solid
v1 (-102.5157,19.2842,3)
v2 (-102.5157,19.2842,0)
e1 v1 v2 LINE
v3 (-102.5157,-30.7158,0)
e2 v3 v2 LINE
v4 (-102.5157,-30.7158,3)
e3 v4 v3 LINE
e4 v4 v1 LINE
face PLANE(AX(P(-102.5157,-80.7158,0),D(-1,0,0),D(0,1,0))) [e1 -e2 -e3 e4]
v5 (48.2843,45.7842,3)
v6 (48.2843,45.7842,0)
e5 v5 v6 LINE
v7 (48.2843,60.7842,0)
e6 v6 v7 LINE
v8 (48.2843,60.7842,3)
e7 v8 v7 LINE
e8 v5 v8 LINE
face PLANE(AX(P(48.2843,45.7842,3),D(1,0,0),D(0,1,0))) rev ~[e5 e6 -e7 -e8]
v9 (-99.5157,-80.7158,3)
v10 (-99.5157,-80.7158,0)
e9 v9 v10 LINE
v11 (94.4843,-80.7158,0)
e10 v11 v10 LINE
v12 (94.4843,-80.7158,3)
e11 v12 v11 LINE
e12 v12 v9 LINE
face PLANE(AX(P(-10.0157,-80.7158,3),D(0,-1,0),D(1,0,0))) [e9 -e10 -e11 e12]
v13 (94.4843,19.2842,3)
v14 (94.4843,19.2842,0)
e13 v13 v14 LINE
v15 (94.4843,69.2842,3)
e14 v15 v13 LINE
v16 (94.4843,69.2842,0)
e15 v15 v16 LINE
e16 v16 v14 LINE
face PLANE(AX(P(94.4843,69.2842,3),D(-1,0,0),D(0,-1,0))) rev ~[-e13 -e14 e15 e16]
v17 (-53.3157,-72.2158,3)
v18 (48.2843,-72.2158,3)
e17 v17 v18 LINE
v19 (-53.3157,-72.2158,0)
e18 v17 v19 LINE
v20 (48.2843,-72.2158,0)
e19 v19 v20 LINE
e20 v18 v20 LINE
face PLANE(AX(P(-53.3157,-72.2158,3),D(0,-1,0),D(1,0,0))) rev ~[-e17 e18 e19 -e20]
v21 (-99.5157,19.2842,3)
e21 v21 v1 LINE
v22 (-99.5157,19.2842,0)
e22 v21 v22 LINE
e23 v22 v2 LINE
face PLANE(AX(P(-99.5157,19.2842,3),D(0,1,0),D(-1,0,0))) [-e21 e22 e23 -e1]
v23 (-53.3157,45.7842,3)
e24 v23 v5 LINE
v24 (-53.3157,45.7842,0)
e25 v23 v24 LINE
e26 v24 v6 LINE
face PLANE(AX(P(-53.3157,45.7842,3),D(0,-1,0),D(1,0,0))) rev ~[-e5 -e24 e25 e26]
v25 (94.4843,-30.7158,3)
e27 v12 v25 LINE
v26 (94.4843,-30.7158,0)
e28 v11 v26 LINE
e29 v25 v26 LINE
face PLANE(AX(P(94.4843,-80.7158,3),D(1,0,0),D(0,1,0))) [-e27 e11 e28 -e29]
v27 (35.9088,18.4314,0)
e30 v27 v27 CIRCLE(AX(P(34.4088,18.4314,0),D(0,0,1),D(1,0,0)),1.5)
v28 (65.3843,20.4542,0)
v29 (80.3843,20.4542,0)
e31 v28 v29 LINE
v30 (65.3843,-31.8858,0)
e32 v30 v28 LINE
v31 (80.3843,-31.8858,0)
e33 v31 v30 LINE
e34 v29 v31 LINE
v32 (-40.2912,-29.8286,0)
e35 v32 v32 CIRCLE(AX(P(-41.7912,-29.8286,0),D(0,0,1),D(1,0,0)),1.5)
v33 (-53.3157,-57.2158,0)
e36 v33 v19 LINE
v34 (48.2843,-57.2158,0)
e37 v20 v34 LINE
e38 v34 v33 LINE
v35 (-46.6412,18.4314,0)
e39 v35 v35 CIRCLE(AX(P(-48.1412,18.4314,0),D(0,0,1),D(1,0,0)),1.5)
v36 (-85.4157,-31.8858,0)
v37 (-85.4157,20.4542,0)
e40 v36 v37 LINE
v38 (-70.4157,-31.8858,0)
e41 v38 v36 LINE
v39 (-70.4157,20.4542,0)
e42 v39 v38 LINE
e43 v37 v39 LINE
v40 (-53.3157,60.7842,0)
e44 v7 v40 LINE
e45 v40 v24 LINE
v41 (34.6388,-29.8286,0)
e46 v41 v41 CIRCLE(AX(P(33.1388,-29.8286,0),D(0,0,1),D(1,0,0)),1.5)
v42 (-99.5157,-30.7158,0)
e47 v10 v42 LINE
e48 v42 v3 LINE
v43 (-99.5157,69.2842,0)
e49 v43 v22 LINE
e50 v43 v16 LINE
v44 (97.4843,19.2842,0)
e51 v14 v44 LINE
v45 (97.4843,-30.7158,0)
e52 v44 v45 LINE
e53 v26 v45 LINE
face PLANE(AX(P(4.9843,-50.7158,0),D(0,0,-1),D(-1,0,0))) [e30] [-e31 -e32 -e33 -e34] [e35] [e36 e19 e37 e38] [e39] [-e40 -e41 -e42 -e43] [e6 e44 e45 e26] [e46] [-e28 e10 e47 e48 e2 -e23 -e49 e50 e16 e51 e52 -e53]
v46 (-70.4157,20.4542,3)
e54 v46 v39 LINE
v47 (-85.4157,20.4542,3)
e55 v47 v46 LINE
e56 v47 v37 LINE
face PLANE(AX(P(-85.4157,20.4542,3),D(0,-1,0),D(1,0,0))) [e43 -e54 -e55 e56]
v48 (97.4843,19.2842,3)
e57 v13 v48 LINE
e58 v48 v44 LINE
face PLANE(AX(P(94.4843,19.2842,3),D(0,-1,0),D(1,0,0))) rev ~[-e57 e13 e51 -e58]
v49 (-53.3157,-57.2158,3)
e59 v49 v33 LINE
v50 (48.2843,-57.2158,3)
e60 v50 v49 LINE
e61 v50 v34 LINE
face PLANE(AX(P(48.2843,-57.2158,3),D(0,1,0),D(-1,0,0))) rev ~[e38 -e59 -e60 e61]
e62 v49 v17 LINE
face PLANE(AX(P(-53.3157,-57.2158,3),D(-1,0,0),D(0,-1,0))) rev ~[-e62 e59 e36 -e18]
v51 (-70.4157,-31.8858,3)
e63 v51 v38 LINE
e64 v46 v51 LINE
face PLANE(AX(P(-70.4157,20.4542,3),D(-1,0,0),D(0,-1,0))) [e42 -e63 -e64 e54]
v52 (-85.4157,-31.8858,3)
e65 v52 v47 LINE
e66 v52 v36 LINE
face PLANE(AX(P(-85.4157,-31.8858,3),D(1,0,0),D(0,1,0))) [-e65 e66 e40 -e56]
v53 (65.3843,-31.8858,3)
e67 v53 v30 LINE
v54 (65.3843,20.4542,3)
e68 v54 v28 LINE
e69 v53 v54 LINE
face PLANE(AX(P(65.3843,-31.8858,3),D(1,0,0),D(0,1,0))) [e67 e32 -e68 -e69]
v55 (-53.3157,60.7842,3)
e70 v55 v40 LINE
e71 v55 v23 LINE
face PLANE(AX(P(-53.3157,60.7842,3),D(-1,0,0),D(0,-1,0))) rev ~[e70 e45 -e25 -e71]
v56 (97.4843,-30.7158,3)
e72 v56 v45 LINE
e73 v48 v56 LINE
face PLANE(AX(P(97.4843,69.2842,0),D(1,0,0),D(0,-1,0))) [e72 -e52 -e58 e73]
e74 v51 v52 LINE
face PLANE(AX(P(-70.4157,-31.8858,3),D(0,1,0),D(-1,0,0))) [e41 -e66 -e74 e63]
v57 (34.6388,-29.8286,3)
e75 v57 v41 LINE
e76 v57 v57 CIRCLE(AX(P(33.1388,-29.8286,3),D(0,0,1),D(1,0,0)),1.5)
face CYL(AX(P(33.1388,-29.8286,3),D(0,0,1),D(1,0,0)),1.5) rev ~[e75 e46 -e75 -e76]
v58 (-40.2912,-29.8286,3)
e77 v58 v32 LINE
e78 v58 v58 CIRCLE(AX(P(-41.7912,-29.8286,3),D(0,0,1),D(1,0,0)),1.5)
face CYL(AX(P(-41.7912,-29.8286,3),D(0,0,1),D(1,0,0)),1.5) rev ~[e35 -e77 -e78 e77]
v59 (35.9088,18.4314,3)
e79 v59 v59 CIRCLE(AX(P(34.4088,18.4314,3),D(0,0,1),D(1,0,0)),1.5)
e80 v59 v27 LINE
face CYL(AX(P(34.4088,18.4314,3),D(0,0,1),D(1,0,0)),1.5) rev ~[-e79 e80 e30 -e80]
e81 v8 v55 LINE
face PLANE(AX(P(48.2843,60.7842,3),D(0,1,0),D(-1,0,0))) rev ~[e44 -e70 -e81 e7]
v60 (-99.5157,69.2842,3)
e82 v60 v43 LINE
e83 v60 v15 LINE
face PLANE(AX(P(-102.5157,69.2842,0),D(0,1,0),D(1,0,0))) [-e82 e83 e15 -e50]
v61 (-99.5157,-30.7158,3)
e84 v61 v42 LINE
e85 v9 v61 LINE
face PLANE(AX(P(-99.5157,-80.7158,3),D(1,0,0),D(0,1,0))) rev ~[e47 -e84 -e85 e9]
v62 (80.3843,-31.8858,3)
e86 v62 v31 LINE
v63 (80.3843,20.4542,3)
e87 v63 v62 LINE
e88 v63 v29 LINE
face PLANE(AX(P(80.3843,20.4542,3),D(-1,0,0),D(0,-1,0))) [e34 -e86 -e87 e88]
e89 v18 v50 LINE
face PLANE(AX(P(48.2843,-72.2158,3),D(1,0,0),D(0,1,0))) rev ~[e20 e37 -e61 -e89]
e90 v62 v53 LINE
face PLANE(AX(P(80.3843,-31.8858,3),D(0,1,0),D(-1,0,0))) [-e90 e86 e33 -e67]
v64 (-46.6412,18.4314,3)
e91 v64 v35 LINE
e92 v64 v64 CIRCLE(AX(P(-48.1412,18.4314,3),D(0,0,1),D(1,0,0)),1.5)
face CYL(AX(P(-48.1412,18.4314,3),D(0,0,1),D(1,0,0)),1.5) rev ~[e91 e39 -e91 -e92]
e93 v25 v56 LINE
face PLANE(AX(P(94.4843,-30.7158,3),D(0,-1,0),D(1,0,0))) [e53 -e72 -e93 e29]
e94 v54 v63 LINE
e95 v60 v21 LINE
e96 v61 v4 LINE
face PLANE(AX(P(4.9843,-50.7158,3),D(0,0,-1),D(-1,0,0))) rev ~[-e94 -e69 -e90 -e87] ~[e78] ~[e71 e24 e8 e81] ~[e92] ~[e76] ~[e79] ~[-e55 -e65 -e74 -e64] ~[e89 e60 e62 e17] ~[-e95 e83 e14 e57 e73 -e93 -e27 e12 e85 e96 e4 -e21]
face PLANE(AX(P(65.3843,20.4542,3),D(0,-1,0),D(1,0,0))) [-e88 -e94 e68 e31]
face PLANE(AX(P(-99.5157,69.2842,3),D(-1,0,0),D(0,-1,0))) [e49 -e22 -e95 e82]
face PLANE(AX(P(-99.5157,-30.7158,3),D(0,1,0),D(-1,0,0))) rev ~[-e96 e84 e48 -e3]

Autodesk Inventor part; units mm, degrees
ref_plane "YZ Plane" through (0, 0, 0) normal (1, 0, 0) x (0, 1, 0)
ref_plane "XZ Plane" through (0, 0, 0) normal (0, 1, 0) x (-1, 0, 0)
ref_plane "XY Plane" through (0, 0, 0) normal (0, 0, 1) x (1, 0, 0)
sketch "Sketch1" plane through (0, 0, 0) normal (0, 0, 1) x (1, 0, 0)
  line L0 (-102.5157, 69.2842) -> (97.4843, 69.2842)
  line L1 (97.4843, 69.2842) -> (97.4843, -80.7158)
  line L2 (97.4843, -80.7158) -> (-102.5157, -80.7158)
  line L3 (-102.5157, -80.7158) -> (-102.5157, 69.2842)
  point P0 (0, 0)
extrude "Extrusion1" add sketch "Sketch1" along normal blind 3
sketch "Sketch3" plane through (0, 0, 3) normal (0, 0, 1) x (1, 0, 0)
  point P0 (0, 0)
sketch "Sketch4" plane through (0, 0, 3) normal (0, 0, 1) x (1, 0, 0)
  line L0 (97.4843, 69.2842) -> (-102.5157, 69.2842) projected
  line L1 (-102.5157, 69.2842) -> (-99.5157, 69.2842)
  line L2 (-99.5157, 69.2842) -> (-99.5157, 19.2842)
  line L3 (-99.5157, 19.2842) -> (-102.5157, 19.2842)
  line L4 (-102.5157, 19.2842) -> (-102.5157, 69.2842)
  point P0 (0, 0)
extrude "Extrusion2" cut sketch "Sketch4" against normal blind 3
sketch "Sketch5" plane through (0, 0, 3) normal (0, 0, 1) x (1, 0, 0)
  line L0 (97.4843, -80.7158) -> (94.4843, -80.7158)
  line L1 (94.4843, -80.7158) -> (94.4843, -30.7158)
  line L2 (94.4843, -30.7158) -> (97.4843, -30.7158)
  line L3 (97.4843, -30.7158) -> (97.4843, -80.7158)
  point P0 (0, 0)
  point P1 (-102.5157, -80.7158)
  dimension "d17" = 3
  dimension "d18" = 50
extrude "Extrusion3" cut sketch "Sketch5" against normal blind 3
sketch "Sketch6" plane through (0, 0, 3) normal (0, 0, 1) x (1, 0, 0)
  line L0 (97.4843, -30.7158) -> (97.4843, 69.2842) projected
  line L1 (97.4843, 69.2842) -> (94.4843, 69.2842)
  line L2 (94.4843, 69.2842) -> (94.4843, 19.2842)
  line L3 (94.4843, 19.2842) -> (97.4843, 19.2842)
  line L4 (97.4843, 19.2842) -> (97.4843, 69.2842)
  point P0 (0, 0)
  dimension "d21" = 50
  dimension "d22" = 3
extrude "Extrusion4" cut sketch "Sketch6" against normal blind 3
sketch "Sketch7" plane through (0, 0, 3) normal (0, 0, 1) x (1, 0, 0)
  line L0 (-102.5157, 19.2842) -> (-102.5157, -80.7158) projected
  line L1 (-102.5157, -80.7158) -> (-99.5157, -80.7158)
  line L2 (-99.5157, -80.7158) -> (-99.5157, -30.7158)
  line L3 (-99.5157, -30.7158) -> (-102.5157, -30.7158)
  line L4 (-102.5157, -30.7158) -> (-102.5157, -80.7158)
  point P0 (0, 0)
  dimension "d25" = 50
  dimension "d26" = 3
extrude "Extrusion5" cut sketch "Sketch7" against normal blind 3
sketch "Sketch8" plane through (0, 0, 3) normal (0, 0, 1) x (1, 0, 0)
  line L0 (-102.5157, -30.7158) -> (-102.5157, 19.2842) projected
  line L1 (97.4843, -30.7158) -> (94.4843, -30.7158) projected
  line L2 (94.4843, -80.7158) -> (-99.5157, -80.7158) projected
  line L3 (-10.0157, -50.7158) -> (4.9843, -50.7158)
  line L4 (4.9843, -50.7158) -> (4.9843, -80.7158)
  line L5 (4.9843, -80.7158) -> (-10.0157, -80.7158)
  line L6 (-10.0157, -80.7158) -> (-10.0157, -50.7158)
  point P0 (0, 0)
  dimension "d32" = 15
  dimension "d33" = 30
extrude "Extrusion6" cut sketch "Sketch8" against normal blind 3
sketch "Sketch9" plane through (-10.0157, -80.7158, 3) normal (1, 0, 0) x (0, 0, -1)
  point P0 (3, 80.7158)
sketch "Sketch10" plane through (-10.0157, -50.7158, 3) normal (0, -1, 0) x (1, 0, 0)
  line L0 (15, 0) -> (15, -3) projected
  line L1 (15, -3) -> (0, -3) projected
  line L2 (15, 0) -> (0, 0)
  line L3 (0, 0) -> (0, -3)
  line L4 (0, -3) -> (15, -3)
  line L5 (15, -3) -> (15, 0)
  point P0 (10.0157, -3)
extrude "Extrusion7" add sketch "Sketch10" along normal blind 30
sketch "Sketch11" plane through (0, 0, 3) normal (0, 0, 1) x (1, 0, 0)
  line L0 (94.4843, -80.7158) -> (-99.5157, -80.7158) projected
  line L1 (-99.5157, -80.7158) -> (-99.5157, -30.7158) projected
  line L2 (97.4843, 19.2842) -> (97.4843, -30.7158) projected
  line L3 (-102.5157, -30.7158) -> (-102.5157, 19.2842) projected
  line L4 (-99.5157, 69.2842) -> (94.4843, 69.2842) projected
  point P0 (0, 0)
sketch "Sketch12" plane through (0, 0, 3) normal (0, 0, 1) x (1, 0, 0)
  circle A0 centre (34.4088, 18.4314) radius 1.5
  circle A1 centre (33.1388, -29.8286) radius 1.5
  circle A2 centre (-41.7912, -29.8286) radius 1.5
  circle A3 centre (-48.1412, 18.4314) radius 1.5
  point P0 (0, 0)
extrude "Extrusion8" cut sketch "Sketch12" against normal blind 3
sketch "Sketch13" plane through (0, 0, 3) normal (0, 0, 1) x (1, 0, 0)
  line L0 (-99.5157, 69.2842) -> (94.4843, 69.2842) projected
  line L1 (-102.5157, -30.7158) -> (-102.5157, 19.2842) projected
  line L2 (94.4843, -80.7158) -> (-99.5157, -80.7158) projected
  line L3 (-85.4157, 20.4542) -> (-70.4157, 20.4542)
  line L4 (-70.4157, 20.4542) -> (-70.4157, -31.8858)
  line L5 (-70.4157, -31.8858) -> (-85.4157, -31.8858)
  line L6 (-85.4157, -31.8858) -> (-85.4157, 20.4542)
  line L7 (-53.3157, 45.7842) -> (48.2843, 45.7842)
  line L8 (48.2843, 45.7842) -> (48.2843, 60.7842)
  line L9 (48.2843, 60.7842) -> (-53.3157, 60.7842)
  line L10 (-53.3157, 60.7842) -> (-53.3157, 45.7842)
  line L11 (65.3843, 20.4542) -> (80.3843, 20.4542)
  line L12 (80.3843, 20.4542) -> (80.3843, -31.8858)
  line L13 (80.3843, -31.8858) -> (65.3843, -31.8858)
  line L14 (65.3843, -31.8858) -> (65.3843, 20.4542)
  line L15 (97.4843, -30.7158) -> (97.4843, 19.2842) projected
  line L16 (94.4843, 69.2842) -> (94.4843, 19.2842) projected
  line L17 (-99.5157, 19.2842) -> (-99.5157, 69.2842) projected
  line L18 (-53.3157, -72.2158) -> (48.2843, -72.2158)
  line L19 (48.2843, -72.2158) -> (48.2843, -57.2158)
  line L20 (48.2843, -57.2158) -> (-53.3157, -57.2158)
  line L21 (-53.3157, -57.2158) -> (-53.3157, -72.2158)
  line L22 (-99.5157, -30.7158) -> (-99.5157, -80.7158) projected
  line L23 (94.4843, -30.7158) -> (94.4843, -80.7158) projected
  point P0 (0, 0)
extrude "Extrusion9" cut sketch "Sketch13" against normal blind 3
sketch "Sketch14" plane through (0, 0, 3) normal (0, 0, 1) x (1, 0, 0)
  point P0 (0, 0)
properties part number "Level3"
